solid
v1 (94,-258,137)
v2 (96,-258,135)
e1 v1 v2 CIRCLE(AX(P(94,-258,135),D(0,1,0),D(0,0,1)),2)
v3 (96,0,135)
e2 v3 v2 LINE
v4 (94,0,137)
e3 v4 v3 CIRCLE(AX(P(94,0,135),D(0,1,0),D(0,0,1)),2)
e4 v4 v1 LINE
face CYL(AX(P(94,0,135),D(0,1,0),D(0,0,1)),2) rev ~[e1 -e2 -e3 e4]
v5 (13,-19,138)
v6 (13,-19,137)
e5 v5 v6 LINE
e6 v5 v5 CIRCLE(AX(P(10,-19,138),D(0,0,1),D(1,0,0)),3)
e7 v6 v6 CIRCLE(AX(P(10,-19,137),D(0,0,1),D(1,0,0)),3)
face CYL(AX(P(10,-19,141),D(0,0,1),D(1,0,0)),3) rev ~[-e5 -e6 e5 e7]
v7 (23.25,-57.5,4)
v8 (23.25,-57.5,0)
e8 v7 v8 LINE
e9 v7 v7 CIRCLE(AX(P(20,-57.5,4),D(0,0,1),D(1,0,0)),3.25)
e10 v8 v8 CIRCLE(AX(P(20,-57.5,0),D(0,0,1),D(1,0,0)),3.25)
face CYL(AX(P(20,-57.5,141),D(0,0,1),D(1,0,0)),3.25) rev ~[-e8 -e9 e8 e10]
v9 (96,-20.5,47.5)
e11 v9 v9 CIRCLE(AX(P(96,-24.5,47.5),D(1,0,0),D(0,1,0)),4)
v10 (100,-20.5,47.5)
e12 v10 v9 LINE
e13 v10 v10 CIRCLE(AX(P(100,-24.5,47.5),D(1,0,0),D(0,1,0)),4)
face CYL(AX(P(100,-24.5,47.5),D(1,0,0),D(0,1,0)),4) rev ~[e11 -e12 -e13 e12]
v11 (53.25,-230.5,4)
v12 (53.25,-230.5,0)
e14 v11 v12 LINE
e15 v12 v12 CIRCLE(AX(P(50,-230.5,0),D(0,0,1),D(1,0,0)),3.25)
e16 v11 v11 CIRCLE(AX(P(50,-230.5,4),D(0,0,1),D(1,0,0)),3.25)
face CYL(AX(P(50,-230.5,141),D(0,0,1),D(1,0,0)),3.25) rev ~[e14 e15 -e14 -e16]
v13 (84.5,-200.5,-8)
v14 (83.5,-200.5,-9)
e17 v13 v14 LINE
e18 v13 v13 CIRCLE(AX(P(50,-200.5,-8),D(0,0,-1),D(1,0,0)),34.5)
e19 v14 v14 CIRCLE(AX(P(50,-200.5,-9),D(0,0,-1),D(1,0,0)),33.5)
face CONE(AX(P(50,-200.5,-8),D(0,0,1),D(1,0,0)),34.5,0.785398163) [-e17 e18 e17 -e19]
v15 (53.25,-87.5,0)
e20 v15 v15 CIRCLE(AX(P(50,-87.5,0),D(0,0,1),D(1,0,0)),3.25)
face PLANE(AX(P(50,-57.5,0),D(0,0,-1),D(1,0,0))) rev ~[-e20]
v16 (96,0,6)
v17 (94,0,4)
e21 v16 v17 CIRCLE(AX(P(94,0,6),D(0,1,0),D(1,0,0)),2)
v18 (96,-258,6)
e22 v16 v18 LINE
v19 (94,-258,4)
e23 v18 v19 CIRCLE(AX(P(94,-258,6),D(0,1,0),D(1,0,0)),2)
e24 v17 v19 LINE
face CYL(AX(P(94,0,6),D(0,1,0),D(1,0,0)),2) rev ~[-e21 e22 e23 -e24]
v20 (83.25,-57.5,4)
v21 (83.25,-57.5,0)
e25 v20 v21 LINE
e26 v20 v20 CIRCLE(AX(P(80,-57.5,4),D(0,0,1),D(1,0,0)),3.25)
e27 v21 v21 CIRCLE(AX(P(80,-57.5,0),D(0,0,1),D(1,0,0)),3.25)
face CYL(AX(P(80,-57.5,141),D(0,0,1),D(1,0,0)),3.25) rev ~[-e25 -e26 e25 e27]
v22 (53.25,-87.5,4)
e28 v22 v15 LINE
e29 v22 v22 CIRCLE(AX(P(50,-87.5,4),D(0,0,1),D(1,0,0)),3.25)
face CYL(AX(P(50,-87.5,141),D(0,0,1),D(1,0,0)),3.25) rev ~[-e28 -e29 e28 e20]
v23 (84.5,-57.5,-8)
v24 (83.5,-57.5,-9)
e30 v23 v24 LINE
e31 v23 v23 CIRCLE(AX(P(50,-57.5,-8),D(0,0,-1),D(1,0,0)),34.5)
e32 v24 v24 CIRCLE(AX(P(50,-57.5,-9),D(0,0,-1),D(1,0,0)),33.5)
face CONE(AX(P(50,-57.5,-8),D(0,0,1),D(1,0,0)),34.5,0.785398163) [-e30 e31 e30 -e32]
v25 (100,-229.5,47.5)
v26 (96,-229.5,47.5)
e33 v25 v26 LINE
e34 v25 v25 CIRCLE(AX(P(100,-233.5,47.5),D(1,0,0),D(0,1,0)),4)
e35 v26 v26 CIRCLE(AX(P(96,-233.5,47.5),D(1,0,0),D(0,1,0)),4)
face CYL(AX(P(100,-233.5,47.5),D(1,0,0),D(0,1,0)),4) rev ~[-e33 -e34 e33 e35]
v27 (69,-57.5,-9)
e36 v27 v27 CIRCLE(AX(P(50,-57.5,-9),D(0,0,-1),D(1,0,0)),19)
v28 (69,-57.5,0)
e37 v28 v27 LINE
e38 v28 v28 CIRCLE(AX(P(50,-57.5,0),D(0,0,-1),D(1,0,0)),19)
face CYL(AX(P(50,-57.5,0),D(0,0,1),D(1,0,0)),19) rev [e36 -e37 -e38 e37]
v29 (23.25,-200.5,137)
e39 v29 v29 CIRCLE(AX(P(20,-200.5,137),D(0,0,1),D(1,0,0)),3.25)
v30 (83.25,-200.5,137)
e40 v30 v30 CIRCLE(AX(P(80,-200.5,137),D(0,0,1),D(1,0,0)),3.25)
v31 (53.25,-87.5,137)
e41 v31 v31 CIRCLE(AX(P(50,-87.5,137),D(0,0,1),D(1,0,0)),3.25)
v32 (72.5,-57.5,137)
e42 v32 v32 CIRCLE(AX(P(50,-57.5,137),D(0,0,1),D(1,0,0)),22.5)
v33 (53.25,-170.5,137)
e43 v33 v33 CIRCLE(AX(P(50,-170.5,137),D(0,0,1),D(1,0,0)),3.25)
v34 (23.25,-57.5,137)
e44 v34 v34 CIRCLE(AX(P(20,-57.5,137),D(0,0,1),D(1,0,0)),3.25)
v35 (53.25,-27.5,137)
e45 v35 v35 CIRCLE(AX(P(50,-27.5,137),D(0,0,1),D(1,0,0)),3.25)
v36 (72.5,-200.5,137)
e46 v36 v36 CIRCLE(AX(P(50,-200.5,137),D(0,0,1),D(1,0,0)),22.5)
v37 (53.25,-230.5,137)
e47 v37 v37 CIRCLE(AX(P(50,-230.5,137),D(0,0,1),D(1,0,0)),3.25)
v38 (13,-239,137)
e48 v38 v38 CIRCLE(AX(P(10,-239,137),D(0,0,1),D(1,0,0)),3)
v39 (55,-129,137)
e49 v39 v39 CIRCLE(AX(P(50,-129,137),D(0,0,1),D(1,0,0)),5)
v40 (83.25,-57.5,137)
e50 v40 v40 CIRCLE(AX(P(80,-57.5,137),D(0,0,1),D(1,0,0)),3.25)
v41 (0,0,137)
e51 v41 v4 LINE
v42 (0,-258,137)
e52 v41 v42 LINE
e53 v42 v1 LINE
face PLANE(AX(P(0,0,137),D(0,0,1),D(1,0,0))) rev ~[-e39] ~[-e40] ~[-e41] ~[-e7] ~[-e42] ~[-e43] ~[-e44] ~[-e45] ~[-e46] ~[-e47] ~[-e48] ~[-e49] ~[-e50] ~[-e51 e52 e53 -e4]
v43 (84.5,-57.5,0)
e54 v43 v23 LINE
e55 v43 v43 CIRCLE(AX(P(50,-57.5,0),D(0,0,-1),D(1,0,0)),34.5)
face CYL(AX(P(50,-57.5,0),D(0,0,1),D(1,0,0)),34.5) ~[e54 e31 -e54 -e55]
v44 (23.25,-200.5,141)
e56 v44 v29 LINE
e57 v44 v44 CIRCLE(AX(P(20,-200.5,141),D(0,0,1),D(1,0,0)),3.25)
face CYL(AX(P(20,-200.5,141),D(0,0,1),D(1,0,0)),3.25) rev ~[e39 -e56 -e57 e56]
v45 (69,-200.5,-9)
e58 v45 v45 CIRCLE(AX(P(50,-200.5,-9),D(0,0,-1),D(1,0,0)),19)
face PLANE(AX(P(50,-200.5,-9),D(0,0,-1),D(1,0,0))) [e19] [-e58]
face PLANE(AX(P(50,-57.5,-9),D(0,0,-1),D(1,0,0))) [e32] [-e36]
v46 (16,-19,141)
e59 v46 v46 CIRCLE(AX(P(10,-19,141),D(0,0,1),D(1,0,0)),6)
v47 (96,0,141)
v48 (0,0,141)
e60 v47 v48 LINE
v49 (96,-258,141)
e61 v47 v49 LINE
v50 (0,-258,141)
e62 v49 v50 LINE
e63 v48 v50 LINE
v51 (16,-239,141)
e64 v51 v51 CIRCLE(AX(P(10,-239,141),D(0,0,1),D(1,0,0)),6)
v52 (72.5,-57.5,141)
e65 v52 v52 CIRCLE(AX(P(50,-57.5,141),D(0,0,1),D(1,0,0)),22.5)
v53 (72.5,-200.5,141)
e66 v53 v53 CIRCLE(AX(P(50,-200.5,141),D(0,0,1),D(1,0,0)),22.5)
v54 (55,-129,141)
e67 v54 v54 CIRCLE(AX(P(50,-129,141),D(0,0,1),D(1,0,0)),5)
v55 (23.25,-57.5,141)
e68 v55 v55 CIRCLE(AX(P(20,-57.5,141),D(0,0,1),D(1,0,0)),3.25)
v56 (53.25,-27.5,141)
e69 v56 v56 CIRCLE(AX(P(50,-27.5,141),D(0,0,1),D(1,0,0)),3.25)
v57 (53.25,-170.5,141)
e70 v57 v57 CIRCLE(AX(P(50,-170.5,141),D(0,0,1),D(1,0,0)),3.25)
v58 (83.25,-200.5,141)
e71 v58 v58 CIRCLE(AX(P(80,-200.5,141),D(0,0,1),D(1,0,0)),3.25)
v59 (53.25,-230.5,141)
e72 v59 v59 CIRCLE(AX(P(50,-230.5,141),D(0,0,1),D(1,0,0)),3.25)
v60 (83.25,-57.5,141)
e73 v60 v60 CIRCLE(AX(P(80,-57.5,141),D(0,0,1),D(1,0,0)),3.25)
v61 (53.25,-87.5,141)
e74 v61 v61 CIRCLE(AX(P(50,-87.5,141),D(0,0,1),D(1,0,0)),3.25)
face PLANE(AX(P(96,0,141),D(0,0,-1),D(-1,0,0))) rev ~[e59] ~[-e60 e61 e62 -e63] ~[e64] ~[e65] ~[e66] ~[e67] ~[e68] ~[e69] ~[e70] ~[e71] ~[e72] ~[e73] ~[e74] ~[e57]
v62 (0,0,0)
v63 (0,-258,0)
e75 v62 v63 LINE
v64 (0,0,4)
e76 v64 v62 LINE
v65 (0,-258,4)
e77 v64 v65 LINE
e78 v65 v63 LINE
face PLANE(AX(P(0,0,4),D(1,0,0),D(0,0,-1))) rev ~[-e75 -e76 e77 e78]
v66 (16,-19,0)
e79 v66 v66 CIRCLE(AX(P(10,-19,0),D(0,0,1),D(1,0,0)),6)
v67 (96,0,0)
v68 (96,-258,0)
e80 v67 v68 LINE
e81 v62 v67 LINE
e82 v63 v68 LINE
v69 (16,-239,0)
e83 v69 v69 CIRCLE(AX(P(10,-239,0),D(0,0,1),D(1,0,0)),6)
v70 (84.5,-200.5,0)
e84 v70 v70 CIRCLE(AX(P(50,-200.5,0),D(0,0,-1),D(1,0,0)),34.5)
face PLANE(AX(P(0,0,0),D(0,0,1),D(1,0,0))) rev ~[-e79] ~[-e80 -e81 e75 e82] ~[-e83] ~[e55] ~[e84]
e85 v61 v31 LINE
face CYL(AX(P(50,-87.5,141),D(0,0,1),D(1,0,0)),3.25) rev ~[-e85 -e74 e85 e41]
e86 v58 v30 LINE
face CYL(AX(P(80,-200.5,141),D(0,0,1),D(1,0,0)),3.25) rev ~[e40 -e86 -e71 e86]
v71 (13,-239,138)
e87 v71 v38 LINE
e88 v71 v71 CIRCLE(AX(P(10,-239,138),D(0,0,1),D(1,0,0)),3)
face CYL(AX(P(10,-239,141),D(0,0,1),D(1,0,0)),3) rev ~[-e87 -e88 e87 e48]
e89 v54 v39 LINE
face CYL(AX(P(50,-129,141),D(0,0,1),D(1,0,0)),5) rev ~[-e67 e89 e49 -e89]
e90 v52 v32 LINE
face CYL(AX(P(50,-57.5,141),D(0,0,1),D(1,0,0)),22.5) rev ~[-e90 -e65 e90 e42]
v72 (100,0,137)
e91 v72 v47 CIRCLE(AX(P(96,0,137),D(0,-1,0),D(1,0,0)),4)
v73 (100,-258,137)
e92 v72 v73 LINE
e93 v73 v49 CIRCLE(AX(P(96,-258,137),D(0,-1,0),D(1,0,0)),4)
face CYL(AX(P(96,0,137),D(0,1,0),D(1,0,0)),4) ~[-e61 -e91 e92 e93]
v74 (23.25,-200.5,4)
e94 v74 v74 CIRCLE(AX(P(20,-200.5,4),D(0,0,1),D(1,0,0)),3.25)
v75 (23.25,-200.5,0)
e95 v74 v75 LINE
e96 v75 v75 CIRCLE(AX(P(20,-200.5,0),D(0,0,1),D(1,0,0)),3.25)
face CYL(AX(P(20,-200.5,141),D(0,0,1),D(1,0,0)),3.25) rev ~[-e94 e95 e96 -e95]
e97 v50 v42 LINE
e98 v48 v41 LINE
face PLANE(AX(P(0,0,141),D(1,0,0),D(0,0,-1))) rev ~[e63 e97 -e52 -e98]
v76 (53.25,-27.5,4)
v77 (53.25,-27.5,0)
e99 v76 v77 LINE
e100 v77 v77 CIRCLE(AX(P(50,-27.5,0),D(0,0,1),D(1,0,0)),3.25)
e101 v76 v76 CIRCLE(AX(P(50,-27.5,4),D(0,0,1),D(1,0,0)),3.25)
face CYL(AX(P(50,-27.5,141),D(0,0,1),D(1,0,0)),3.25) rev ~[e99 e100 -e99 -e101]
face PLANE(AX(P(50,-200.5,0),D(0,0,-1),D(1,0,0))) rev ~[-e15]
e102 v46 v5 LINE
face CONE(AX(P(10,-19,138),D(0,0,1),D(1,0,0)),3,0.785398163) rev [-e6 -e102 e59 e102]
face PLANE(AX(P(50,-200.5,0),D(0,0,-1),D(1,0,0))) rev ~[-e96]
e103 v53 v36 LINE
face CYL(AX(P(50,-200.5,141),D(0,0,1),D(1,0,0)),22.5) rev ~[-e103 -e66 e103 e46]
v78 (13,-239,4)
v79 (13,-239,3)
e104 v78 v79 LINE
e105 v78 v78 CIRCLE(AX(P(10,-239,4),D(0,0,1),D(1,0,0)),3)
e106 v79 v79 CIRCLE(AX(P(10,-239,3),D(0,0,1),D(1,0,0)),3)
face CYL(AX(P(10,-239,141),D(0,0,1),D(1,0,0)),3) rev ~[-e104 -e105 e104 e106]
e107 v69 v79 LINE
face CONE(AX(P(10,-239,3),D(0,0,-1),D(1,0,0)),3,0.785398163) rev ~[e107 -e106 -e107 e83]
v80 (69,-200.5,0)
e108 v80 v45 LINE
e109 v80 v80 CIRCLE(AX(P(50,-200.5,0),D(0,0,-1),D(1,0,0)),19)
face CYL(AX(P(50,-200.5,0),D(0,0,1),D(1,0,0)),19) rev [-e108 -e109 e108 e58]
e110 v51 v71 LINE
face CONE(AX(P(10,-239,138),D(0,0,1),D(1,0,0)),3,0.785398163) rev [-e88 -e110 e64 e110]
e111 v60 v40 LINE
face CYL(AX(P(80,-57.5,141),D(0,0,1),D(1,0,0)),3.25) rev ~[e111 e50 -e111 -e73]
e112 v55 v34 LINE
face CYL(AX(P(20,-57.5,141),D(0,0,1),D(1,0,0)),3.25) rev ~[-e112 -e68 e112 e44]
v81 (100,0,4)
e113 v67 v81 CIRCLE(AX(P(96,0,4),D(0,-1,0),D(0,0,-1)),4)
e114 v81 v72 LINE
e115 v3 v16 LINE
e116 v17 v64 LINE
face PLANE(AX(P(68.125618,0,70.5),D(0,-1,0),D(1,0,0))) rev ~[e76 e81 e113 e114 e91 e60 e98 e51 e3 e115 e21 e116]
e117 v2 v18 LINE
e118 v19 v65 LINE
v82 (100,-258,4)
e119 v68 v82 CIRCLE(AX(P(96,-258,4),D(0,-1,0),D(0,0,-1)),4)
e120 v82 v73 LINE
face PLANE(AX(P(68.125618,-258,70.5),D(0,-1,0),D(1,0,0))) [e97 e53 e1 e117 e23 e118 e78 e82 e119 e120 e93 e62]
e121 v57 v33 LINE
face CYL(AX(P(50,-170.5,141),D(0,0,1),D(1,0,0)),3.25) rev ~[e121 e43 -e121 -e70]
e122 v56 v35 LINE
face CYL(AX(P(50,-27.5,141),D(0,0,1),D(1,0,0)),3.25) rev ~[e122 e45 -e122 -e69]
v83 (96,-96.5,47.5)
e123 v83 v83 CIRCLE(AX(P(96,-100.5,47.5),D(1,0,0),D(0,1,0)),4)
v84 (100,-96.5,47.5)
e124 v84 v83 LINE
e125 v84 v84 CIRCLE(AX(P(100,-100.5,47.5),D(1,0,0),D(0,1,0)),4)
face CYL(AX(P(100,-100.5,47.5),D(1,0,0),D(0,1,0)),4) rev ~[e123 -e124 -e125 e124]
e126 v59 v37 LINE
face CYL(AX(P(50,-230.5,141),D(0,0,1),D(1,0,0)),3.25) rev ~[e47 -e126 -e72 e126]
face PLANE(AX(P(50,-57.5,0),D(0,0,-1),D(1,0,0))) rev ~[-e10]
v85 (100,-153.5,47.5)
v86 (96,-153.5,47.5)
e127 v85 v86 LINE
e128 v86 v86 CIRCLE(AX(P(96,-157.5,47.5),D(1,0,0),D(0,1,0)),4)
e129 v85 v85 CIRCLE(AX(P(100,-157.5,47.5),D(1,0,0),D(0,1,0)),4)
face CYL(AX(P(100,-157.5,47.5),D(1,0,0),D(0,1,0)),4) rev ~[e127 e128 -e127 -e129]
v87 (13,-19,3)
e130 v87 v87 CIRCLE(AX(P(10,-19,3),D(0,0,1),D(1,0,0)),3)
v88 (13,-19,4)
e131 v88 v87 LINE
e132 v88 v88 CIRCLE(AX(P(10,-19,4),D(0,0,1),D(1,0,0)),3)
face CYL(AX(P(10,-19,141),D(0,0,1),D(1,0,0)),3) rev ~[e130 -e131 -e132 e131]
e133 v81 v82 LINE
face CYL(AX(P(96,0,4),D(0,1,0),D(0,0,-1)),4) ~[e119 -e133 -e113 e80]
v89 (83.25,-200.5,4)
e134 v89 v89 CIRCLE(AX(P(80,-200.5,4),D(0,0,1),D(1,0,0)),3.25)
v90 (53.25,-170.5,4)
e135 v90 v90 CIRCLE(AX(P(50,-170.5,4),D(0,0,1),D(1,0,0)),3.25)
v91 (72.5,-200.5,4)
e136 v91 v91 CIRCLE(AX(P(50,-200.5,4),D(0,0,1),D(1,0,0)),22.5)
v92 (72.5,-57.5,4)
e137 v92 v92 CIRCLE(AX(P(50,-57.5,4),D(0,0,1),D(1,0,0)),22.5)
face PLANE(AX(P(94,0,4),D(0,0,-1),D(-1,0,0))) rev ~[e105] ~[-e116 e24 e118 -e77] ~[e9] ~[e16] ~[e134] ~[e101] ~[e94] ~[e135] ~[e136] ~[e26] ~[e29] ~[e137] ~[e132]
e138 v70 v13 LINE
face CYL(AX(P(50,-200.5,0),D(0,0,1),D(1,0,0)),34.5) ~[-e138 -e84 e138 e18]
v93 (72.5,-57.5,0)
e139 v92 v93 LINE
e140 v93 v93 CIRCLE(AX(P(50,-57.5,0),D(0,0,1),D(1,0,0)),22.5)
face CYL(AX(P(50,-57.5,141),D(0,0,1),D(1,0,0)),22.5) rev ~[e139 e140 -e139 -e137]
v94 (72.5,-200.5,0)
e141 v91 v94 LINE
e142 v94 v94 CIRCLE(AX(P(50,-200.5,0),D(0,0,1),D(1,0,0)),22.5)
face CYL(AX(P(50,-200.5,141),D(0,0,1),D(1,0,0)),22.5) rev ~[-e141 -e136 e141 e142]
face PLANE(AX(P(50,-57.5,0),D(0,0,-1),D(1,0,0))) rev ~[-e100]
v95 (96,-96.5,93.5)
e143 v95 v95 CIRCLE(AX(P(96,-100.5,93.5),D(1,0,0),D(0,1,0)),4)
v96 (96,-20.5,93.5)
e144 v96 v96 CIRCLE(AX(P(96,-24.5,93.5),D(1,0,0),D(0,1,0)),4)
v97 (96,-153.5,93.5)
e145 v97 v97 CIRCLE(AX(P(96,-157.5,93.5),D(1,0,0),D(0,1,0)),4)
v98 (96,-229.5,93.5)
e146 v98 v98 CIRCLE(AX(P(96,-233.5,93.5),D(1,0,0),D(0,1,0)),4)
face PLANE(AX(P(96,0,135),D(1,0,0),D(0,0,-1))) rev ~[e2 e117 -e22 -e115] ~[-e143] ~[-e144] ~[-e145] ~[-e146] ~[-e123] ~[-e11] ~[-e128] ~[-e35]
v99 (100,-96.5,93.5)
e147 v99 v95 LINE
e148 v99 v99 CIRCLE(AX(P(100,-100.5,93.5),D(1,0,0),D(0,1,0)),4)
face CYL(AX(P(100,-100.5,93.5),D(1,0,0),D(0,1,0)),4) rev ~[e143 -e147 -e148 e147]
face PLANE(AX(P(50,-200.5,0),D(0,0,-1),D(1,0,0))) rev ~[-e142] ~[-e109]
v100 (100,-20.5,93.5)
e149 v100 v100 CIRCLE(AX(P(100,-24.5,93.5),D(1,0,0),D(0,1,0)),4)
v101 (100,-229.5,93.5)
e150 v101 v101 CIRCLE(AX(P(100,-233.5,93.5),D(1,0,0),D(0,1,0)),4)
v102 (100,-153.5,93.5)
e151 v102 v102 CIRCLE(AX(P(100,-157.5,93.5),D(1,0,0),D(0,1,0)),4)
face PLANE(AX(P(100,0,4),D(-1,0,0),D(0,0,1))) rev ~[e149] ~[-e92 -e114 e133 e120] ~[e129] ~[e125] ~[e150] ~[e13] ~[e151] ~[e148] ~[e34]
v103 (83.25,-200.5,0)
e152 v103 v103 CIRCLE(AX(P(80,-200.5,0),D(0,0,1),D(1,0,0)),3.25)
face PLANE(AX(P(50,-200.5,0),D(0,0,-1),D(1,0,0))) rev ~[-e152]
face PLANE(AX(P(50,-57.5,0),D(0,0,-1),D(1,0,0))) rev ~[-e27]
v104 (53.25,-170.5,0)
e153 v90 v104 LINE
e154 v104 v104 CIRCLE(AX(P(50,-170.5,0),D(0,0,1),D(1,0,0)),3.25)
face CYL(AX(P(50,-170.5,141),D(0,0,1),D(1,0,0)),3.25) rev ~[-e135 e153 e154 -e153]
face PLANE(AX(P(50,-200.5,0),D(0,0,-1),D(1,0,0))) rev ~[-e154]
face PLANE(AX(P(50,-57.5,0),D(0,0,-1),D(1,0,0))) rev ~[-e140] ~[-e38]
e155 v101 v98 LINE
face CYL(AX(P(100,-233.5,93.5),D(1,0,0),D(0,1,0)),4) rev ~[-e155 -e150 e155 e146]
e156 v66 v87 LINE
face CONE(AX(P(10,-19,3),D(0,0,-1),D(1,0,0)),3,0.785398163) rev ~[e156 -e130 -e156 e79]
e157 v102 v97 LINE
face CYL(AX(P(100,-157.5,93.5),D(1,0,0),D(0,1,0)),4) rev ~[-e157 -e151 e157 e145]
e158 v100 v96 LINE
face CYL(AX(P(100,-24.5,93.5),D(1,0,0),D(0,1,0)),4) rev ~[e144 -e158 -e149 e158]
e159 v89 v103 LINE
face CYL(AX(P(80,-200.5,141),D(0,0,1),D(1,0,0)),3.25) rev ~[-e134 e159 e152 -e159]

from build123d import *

# Parameters (mm, degrees)
F1_DEPTH  = 258
F2_R      = 22.5
F2_R_2    = 3.25
F3_DEPTH  = 141.001
F2_R_3    = 5
F4_DEPTH  = 4
F5_R      = 4
F6_DEPTH  = 100.001
F7_R      = 3
F8_DEPTH  = 141.001
F9_SIZE2  = 3
F9_SIZE   = 3
F10_R     = 34.5
F10_R_2   = 19
F11_DEPTH = 9
F12_SIZE  = 1


with BuildPart() as f1:
    # F0 (on Front) → F1 (new body)
    with BuildSketch(Plane.XZ):
        with BuildLine():
            Line((0, 4), (0, 0))
            Line((0, 0), (96, 0))
            ThreePointArc((96, 0), (98.8284271247, 1.1715728753), (100, 4))
            Line((100, 4), (100, 137))
            ThreePointArc((100, 137), (98.8284271247, 139.8284271247), (96, 141))
            Line((96, 141), (0, 141))
            Line((0, 141), (0, 137))
            Line((0, 137), (94, 137))
            ThreePointArc((94, 137), (95.4142135624, 136.4142135624), (96, 135))
            Line((96, 135), (96, 6))
            ThreePointArc((96, 6), (95.4142135624, 4.5857864376), (94, 4))
            Line((94, 4), (0, 4))
        make_face()
    extrude(amount=F1_DEPTH)

    # F2 (on face) → F3 (cut, through all)
    with BuildSketch(Plane.XY.offset(141)):
        with Locations((50, -200.5)):
            Circle(F2_R)
        with Locations((50, -87.5)):
            Circle(F2_R_2)
        with Locations((50, -57.5)):
            Circle(F2_R)
        with Locations((20, -57.5)):
            Circle(F2_R_2)
        with Locations((80, -57.5)):
            Circle(F2_R_2)
        with Locations((50, -27.5)):
            Circle(F2_R_2)
        with Locations((50, -170.5)):
            Circle(F2_R_2)
        with Locations((80, -200.5)):
            Circle(F2_R_2)
        with Locations((50, -230.5)):
            Circle(F2_R_2)
        with Locations((20, -200.5)):
            Circle(F2_R_2)
    extrude(amount=-F3_DEPTH, mode=Mode.SUBTRACT)

    # F2 (on face) → F4 (cut, through all)
    with BuildSketch(Plane.XY.offset(141)):
        with Locations((50, -129)):
            Circle(F2_R_3)
    extrude(amount=-F4_DEPTH, mode=Mode.SUBTRACT)

    # F5 (on face) → F6 (cut, through all)
    with BuildSketch(Plane.YZ.offset(100)):
        with Locations((-233.5, 93.5)):
            Circle(F5_R)
        with Locations((-233.5, 47.5)):
            Circle(F5_R)
        with Locations((-157.5, 93.5)):
            Circle(F5_R)
        with Locations((-157.5, 47.5)):
            Circle(F5_R)
        with Locations((-100.5, 93.5)):
            Circle(F5_R)
        with Locations((-100.5, 47.5)):
            Circle(F5_R)
        with Locations((-24.5, 93.5)):
            Circle(F5_R)
        with Locations((-24.5, 47.5)):
            Circle(F5_R)
    extrude(amount=-F6_DEPTH, mode=Mode.SUBTRACT)

    # F7 (on face) → F8 (cut, through all)
    with BuildSketch(Plane.XY.offset(141)):
        with Locations((10, -239)):
            Circle(F7_R)
        with Locations((10, -19)):
            Circle(F7_R)
    extrude(amount=-F8_DEPTH, mode=Mode.SUBTRACT)

    # F9
    f9_edges = [f1.edges().sort_by_distance(p)[0] for p in [
        (7, -19, 141),
        (7, -239, 141),
        (7, -239, 0),
        (7, -19, 0),
    ]]
    chamfer(f9_edges, length=F9_SIZE, length2=F9_SIZE2)

    # F10 (on face) → F11 (join)
    with BuildSketch(Plane(origin=(0, 0, 0), x_dir=(1, 0, 0), z_dir=(0, 0, -1))):
        with Locations((50, 57.5)):
            Circle(F10_R)
        with Locations((50, 57.5)):
            Circle(F10_R_2, mode=Mode.SUBTRACT)
        with Locations((50, 200.5)):
            Circle(F10_R)
        with Locations((50, 200.5)):
            Circle(F10_R_2, mode=Mode.SUBTRACT)
    extrude(amount=F11_DEPTH)

    # F12
    f12_edges = [f1.edges().sort_by_distance(p)[0] for p in [
        (15.5, -200.5, -9),
        (15.5, -57.5, -9),
    ]]
    chamfer(f12_edges, length=F12_SIZE)


solid = f1.part
